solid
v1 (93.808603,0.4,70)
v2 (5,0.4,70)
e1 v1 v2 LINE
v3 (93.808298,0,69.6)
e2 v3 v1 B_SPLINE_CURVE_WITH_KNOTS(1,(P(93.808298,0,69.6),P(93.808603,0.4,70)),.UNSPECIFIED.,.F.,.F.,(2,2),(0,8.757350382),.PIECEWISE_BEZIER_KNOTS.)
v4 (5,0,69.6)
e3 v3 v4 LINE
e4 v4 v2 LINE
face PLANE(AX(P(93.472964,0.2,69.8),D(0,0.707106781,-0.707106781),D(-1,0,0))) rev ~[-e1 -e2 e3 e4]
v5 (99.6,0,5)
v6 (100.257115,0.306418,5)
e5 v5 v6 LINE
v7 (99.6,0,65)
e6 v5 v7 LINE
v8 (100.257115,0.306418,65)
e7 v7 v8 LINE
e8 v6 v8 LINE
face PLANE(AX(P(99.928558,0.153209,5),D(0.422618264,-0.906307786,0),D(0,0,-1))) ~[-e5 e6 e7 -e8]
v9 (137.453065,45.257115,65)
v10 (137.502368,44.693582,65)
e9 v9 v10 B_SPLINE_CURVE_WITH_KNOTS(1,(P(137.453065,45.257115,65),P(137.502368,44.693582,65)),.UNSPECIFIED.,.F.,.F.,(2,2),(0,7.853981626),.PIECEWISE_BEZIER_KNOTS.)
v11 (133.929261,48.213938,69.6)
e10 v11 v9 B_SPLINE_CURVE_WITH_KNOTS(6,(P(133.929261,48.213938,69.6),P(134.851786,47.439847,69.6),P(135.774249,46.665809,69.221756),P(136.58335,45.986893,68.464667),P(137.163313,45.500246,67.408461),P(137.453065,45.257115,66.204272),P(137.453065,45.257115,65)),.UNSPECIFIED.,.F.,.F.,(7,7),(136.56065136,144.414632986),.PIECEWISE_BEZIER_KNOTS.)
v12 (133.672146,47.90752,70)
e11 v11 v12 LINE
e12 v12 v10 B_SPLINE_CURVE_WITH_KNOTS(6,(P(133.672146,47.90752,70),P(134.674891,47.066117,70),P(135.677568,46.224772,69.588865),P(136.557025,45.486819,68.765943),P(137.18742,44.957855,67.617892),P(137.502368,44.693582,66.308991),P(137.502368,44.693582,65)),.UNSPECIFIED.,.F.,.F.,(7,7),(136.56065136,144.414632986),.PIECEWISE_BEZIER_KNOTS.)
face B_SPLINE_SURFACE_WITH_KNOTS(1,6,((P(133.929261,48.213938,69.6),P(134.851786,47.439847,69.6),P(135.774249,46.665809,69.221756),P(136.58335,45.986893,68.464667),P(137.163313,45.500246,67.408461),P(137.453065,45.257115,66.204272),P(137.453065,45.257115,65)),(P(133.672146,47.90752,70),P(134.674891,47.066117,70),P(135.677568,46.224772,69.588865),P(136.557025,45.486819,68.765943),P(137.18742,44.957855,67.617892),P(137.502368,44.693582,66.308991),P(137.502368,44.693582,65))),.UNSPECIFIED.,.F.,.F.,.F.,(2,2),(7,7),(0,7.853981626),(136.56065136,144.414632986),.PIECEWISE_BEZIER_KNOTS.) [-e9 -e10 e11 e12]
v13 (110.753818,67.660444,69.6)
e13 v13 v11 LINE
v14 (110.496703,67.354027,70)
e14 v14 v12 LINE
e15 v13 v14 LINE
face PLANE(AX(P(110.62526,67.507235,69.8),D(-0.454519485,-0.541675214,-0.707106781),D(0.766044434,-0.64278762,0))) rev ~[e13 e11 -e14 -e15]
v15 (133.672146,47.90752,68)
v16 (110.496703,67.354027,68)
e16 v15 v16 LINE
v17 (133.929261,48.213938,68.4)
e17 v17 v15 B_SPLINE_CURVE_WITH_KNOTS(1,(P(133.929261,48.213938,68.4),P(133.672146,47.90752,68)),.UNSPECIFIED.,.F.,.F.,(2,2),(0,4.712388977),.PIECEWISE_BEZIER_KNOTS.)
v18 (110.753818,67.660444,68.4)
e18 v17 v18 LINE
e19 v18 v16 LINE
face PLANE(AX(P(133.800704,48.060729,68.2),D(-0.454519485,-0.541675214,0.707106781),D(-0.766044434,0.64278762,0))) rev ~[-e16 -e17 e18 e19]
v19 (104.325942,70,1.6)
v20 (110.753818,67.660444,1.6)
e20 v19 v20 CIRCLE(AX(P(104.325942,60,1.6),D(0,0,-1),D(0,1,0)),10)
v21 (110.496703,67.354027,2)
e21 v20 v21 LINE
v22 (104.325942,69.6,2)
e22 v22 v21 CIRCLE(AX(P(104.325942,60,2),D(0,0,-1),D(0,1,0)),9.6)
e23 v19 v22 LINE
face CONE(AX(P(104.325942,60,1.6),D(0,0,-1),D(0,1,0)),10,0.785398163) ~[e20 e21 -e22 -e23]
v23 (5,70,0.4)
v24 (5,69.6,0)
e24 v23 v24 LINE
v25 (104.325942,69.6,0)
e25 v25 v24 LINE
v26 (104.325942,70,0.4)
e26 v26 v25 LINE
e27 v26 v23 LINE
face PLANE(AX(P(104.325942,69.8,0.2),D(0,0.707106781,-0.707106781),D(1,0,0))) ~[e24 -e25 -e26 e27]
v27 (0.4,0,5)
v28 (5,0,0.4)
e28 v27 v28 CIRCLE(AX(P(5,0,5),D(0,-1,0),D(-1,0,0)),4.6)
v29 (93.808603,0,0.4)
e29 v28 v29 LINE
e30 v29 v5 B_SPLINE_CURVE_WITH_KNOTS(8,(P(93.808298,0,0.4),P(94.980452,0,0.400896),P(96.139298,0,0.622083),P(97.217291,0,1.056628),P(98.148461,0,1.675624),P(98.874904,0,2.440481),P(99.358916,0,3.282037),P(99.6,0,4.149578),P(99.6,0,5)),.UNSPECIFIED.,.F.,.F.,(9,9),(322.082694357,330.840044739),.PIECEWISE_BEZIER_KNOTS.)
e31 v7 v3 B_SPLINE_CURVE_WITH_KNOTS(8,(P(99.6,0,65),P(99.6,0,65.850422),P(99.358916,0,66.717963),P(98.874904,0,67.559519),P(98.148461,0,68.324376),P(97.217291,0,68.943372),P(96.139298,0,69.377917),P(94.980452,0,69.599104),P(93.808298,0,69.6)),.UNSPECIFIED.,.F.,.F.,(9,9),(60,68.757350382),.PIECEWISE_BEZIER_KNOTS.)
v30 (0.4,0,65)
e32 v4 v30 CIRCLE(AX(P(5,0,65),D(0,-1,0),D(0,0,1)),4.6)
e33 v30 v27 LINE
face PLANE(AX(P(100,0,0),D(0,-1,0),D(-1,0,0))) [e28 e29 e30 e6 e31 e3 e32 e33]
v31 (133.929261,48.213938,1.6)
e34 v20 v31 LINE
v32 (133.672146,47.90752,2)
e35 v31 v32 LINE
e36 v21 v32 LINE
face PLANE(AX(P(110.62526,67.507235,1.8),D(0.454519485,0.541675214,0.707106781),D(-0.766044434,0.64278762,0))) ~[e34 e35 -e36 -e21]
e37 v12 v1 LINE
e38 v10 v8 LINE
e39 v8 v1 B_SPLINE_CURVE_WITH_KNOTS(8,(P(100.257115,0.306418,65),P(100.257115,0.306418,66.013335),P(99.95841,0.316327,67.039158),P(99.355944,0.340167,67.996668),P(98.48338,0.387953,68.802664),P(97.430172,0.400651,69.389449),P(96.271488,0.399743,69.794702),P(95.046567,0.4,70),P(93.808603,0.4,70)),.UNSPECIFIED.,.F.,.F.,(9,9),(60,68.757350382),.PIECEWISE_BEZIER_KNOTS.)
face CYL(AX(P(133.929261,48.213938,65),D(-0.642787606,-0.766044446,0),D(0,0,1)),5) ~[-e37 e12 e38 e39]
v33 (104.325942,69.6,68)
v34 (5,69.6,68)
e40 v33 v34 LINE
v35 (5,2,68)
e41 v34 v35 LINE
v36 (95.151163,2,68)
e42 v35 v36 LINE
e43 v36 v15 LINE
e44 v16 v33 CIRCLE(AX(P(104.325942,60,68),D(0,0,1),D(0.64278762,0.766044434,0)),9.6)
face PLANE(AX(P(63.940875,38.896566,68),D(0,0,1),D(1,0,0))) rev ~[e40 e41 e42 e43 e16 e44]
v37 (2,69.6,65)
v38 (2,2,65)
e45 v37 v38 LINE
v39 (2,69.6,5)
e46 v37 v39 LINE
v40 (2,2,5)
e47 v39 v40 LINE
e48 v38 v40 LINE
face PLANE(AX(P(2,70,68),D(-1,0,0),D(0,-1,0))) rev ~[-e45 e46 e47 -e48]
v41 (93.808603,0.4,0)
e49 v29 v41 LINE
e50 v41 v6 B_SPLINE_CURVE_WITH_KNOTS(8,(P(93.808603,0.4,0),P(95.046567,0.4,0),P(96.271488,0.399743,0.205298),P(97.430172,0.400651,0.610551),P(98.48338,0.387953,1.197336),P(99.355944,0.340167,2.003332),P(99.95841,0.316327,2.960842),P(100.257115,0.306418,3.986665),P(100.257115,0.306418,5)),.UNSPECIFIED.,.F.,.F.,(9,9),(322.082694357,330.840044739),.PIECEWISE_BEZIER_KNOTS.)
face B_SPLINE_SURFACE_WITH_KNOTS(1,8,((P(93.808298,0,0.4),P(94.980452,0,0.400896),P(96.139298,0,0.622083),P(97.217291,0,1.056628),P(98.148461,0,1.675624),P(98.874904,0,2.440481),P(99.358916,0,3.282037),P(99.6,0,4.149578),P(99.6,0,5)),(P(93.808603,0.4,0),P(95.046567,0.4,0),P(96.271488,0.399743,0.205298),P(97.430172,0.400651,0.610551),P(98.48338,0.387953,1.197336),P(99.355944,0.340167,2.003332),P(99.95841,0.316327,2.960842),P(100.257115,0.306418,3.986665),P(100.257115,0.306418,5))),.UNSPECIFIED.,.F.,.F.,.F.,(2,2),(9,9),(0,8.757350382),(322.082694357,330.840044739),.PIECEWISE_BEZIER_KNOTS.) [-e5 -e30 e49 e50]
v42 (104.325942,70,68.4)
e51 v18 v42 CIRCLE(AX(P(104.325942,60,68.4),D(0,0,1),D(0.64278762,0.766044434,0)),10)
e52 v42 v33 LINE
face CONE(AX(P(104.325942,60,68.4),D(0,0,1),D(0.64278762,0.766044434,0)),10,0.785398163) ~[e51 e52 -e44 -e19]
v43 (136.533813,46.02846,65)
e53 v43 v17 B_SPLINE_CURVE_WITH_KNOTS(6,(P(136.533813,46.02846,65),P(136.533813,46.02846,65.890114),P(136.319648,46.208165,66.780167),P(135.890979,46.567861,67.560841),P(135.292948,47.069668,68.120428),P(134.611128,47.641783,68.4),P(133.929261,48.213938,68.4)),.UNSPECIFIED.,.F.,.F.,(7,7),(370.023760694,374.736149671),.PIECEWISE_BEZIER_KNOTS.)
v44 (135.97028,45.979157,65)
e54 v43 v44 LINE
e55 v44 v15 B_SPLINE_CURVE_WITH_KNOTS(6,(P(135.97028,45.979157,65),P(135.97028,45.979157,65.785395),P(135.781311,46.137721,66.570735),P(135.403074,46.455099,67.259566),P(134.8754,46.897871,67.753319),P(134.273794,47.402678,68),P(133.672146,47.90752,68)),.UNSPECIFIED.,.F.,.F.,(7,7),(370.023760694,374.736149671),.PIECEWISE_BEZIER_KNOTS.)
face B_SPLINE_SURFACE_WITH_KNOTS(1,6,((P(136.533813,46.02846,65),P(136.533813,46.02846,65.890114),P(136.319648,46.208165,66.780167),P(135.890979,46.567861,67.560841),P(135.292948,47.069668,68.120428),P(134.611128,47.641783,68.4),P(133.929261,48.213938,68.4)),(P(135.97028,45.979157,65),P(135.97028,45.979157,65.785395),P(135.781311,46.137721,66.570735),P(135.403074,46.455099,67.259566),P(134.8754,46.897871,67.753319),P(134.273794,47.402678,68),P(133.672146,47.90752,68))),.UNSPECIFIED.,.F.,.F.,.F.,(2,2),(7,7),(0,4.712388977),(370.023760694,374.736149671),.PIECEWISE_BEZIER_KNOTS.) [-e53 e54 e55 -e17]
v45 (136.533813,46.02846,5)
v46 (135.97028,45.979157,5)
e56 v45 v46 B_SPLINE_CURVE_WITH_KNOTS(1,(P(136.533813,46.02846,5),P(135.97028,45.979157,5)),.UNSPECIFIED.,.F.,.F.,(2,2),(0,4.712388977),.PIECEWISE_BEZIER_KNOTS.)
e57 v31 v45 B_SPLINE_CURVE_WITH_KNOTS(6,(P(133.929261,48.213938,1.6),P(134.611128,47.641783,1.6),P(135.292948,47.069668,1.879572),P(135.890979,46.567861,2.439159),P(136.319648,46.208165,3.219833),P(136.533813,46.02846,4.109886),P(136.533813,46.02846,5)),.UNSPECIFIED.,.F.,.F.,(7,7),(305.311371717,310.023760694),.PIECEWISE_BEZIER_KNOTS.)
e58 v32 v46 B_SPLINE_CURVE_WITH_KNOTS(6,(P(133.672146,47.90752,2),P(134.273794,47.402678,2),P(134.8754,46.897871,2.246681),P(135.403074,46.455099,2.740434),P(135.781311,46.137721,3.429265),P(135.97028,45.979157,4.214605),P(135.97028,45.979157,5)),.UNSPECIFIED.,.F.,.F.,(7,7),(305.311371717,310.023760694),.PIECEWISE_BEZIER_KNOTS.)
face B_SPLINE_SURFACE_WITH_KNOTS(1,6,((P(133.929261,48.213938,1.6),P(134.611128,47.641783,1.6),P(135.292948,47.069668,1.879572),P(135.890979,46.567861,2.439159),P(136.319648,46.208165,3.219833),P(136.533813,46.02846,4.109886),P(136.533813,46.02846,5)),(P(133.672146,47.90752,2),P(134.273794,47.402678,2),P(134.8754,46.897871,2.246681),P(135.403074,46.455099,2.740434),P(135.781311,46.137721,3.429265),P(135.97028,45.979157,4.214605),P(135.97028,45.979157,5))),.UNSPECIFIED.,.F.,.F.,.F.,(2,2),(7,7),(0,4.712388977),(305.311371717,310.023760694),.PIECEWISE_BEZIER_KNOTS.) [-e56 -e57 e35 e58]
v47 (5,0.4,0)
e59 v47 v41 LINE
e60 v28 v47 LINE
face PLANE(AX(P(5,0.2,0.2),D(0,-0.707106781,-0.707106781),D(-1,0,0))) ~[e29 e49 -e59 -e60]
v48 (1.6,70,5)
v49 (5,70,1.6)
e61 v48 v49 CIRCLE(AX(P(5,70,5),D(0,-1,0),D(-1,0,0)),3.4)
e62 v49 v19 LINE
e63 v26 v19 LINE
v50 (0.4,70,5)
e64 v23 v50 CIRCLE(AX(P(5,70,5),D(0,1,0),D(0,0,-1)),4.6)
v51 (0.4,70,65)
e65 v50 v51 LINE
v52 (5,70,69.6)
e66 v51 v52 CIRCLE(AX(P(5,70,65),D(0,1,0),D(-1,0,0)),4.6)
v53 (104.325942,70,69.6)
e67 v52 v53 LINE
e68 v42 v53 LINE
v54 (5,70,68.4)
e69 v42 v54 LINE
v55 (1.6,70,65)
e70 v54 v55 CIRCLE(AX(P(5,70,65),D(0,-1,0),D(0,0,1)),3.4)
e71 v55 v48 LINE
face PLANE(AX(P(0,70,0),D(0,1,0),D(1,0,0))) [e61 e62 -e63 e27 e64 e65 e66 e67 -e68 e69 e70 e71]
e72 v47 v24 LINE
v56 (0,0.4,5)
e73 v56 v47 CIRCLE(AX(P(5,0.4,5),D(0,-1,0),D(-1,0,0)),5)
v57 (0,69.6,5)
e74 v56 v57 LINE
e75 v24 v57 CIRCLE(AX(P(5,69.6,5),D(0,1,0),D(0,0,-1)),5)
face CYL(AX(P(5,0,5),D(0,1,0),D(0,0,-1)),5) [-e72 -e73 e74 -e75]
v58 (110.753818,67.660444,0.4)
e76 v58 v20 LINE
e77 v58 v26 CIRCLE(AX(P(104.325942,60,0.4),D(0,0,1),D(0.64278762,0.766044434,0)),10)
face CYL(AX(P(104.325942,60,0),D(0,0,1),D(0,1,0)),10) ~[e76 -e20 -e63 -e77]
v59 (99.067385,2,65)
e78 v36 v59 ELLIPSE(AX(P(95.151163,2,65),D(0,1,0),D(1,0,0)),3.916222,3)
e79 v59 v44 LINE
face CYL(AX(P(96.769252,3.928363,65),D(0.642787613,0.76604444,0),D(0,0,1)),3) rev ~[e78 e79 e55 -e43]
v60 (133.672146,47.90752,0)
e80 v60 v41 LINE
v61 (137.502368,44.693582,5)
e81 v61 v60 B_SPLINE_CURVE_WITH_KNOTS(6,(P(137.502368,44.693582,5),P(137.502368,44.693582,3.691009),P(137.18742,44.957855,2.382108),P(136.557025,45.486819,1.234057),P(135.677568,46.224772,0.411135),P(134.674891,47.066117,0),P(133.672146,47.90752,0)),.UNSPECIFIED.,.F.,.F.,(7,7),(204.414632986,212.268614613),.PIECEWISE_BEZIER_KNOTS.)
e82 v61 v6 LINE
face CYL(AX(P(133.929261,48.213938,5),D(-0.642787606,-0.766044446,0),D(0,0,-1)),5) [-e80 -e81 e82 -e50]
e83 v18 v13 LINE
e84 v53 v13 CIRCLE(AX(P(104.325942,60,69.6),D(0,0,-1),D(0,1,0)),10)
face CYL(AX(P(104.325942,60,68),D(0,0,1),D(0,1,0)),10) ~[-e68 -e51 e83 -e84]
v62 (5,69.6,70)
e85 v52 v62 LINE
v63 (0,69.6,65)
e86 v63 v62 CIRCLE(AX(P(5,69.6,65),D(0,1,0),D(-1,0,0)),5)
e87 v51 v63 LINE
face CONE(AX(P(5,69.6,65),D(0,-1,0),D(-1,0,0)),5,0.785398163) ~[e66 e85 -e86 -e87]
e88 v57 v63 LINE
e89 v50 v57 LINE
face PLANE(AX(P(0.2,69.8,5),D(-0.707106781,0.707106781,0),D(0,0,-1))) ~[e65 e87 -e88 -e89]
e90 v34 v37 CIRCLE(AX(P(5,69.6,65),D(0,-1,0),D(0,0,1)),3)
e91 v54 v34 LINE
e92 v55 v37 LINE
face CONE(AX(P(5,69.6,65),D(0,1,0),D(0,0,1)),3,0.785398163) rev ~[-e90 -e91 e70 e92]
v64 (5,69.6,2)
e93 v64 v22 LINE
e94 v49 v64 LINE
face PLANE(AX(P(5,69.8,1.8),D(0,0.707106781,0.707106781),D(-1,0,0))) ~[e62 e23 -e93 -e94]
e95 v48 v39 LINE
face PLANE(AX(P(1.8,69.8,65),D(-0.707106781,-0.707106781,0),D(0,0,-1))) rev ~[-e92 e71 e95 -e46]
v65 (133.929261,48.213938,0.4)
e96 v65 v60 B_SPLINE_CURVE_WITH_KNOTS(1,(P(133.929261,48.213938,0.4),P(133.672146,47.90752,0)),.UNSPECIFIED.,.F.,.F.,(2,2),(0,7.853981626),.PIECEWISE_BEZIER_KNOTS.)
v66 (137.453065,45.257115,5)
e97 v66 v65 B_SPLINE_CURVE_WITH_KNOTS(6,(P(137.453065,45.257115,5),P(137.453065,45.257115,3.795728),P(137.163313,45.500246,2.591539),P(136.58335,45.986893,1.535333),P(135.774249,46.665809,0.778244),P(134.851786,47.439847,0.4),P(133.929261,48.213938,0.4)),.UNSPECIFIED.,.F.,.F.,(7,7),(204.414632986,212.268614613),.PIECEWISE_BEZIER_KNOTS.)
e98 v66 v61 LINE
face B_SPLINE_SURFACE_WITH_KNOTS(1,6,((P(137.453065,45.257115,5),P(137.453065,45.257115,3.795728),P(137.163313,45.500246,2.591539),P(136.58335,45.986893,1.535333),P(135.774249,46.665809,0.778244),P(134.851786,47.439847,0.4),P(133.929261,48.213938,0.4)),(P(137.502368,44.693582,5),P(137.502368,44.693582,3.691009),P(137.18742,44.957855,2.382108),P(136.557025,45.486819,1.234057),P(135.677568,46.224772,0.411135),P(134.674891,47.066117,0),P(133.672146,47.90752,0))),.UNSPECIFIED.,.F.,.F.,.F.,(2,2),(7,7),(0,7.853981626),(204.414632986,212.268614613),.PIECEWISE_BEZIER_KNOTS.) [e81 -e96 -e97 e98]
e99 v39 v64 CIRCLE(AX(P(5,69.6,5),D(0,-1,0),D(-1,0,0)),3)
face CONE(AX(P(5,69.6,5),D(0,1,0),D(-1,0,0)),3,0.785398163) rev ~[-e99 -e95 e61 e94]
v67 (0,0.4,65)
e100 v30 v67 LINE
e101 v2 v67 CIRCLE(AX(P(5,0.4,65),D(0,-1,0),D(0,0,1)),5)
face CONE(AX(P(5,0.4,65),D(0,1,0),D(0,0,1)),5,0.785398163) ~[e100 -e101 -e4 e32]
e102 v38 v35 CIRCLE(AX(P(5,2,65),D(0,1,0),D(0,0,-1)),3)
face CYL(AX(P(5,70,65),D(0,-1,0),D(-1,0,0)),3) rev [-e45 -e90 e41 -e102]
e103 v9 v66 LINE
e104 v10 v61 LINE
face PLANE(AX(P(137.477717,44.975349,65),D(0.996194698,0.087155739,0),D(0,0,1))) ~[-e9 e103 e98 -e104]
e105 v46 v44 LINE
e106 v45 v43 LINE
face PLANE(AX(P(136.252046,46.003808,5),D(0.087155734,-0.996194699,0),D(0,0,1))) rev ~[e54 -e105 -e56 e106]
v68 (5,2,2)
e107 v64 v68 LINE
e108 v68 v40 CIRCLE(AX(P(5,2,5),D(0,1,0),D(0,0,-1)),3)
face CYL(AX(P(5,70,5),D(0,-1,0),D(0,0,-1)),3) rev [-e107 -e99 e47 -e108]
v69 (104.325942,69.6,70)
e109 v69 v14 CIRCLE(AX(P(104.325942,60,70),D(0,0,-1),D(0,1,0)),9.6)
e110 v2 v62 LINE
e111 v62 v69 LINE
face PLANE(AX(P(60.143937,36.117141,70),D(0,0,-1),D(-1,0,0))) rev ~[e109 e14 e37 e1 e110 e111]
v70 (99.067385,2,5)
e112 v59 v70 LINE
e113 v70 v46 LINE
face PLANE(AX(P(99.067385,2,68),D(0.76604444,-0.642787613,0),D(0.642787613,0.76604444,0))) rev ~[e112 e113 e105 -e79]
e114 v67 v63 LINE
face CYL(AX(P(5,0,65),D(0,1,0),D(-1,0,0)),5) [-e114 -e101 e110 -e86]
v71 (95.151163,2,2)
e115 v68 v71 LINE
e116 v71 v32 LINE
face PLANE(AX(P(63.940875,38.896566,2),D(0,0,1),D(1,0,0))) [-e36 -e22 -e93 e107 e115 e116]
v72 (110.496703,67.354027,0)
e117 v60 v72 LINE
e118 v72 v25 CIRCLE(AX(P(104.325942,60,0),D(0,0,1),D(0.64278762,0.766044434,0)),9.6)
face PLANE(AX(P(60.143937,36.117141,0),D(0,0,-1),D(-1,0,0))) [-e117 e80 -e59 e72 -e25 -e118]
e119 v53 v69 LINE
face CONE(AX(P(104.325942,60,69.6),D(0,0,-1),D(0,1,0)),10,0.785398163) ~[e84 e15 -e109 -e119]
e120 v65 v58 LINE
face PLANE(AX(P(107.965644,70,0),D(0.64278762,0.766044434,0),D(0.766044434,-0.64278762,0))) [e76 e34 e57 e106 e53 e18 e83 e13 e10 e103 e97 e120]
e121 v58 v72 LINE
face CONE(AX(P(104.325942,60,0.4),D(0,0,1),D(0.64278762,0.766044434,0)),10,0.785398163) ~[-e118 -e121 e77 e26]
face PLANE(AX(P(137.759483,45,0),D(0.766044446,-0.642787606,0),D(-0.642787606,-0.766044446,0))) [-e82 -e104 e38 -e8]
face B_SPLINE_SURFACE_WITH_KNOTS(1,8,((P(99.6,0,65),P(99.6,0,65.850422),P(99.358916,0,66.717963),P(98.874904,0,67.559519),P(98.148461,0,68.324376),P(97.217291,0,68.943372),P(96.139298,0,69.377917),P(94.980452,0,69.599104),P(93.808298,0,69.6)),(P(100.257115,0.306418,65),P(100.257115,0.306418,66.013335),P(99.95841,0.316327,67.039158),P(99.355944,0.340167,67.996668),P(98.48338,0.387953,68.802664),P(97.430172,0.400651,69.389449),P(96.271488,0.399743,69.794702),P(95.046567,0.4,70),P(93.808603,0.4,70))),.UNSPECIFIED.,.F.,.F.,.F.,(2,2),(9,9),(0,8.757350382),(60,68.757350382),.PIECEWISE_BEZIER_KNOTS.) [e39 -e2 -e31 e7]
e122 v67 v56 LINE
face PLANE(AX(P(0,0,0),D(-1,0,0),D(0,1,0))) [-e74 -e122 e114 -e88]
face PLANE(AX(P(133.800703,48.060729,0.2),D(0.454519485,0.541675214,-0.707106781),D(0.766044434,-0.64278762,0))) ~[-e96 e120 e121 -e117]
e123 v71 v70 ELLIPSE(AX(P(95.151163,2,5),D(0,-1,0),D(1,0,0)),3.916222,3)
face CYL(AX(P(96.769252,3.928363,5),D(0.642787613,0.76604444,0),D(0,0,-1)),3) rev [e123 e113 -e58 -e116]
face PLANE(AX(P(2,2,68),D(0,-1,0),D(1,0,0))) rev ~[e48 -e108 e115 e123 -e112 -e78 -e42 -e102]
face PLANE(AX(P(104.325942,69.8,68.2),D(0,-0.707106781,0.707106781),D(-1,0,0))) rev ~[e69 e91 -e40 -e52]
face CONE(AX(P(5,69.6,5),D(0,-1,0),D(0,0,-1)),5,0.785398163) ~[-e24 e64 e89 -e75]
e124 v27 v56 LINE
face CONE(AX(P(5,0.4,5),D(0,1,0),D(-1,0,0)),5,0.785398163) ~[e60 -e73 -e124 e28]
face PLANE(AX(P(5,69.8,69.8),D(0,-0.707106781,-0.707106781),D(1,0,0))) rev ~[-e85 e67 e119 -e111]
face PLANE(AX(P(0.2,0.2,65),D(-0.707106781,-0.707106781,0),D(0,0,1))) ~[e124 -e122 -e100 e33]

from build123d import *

# Parameters (mm, degrees)
PAD_DEPTH    = 70
POCKET_DEPTH = 66
FILLET_R     = 3
FILLET001_R  = 5
FILLET002_R  = 10
CHAMFER_SIZE = 0.4


with BuildPart() as part:
    # Sketch → Pad (new body)
    with BuildSketch(Plane.XY):
        Polygon((0, 0), (0, 70), (107.965644, 70), (137.759483, 45), (100, 0), align=None)
    extrude(amount=PAD_DEPTH)

    # Sketch001 (on DatumPlane) → Pocket (cut)
    with BuildSketch(Plane.XY.offset(68)):
        Polygon((2, 70), (2, 2), (99.067385, 2), (136.227395, 46.285575), (136.227395, 70), align=None)
    extrude(amount=-POCKET_DEPTH, mode=Mode.SUBTRACT)

    # Fillet
    fillet_edges = [part.edges().sort_by_distance(p)[0] for p in [
        (2, 36, 2),
        (117.64739, 24.142788, 68),
        (117.64739, 24.142788, 2),
        (2, 36, 68),
    ]]
    fillet(fillet_edges, radius=FILLET_R)

    # Fillet001
    fillet001_edges = [part.edges().sort_by_distance(p)[0] for p in [
        (0, 35, 70),
        (118.879742, 22.5, 70),
        (118.879742, 22.5, 0),
        (0, 35, 0),
    ]]
    fillet(fillet001_edges, radius=FILLET001_R)

    # Fillet002
    fillet002_edges = [part.edges().sort_by_distance(p)[0] for p in [
        (107.965644, 70, 69),
        (107.965644, 70, 1),
    ]]
    fillet(fillet002_edges, radius=FILLET002_R)

    # Chamfer
    chamfer_edges = [part.edges().sort_by_distance(p)[0] for p in [
        (100, 0, 35),
        (97.779105, 0, 1.242526),
        (97.779105, 0, 68.757474),
        (49.236482, 0, 0),
        (49.236482, 0, 70),
        (1.464466, 0, 1.464466),
        (1.464466, 0, 68.535534),
        (0, 0, 35),
        (54.662971, 70, 70),
        (54.662971, 70, 68),
    ]]
    chamfer(chamfer_edges, length=CHAMFER_SIZE)


solid = part.part
